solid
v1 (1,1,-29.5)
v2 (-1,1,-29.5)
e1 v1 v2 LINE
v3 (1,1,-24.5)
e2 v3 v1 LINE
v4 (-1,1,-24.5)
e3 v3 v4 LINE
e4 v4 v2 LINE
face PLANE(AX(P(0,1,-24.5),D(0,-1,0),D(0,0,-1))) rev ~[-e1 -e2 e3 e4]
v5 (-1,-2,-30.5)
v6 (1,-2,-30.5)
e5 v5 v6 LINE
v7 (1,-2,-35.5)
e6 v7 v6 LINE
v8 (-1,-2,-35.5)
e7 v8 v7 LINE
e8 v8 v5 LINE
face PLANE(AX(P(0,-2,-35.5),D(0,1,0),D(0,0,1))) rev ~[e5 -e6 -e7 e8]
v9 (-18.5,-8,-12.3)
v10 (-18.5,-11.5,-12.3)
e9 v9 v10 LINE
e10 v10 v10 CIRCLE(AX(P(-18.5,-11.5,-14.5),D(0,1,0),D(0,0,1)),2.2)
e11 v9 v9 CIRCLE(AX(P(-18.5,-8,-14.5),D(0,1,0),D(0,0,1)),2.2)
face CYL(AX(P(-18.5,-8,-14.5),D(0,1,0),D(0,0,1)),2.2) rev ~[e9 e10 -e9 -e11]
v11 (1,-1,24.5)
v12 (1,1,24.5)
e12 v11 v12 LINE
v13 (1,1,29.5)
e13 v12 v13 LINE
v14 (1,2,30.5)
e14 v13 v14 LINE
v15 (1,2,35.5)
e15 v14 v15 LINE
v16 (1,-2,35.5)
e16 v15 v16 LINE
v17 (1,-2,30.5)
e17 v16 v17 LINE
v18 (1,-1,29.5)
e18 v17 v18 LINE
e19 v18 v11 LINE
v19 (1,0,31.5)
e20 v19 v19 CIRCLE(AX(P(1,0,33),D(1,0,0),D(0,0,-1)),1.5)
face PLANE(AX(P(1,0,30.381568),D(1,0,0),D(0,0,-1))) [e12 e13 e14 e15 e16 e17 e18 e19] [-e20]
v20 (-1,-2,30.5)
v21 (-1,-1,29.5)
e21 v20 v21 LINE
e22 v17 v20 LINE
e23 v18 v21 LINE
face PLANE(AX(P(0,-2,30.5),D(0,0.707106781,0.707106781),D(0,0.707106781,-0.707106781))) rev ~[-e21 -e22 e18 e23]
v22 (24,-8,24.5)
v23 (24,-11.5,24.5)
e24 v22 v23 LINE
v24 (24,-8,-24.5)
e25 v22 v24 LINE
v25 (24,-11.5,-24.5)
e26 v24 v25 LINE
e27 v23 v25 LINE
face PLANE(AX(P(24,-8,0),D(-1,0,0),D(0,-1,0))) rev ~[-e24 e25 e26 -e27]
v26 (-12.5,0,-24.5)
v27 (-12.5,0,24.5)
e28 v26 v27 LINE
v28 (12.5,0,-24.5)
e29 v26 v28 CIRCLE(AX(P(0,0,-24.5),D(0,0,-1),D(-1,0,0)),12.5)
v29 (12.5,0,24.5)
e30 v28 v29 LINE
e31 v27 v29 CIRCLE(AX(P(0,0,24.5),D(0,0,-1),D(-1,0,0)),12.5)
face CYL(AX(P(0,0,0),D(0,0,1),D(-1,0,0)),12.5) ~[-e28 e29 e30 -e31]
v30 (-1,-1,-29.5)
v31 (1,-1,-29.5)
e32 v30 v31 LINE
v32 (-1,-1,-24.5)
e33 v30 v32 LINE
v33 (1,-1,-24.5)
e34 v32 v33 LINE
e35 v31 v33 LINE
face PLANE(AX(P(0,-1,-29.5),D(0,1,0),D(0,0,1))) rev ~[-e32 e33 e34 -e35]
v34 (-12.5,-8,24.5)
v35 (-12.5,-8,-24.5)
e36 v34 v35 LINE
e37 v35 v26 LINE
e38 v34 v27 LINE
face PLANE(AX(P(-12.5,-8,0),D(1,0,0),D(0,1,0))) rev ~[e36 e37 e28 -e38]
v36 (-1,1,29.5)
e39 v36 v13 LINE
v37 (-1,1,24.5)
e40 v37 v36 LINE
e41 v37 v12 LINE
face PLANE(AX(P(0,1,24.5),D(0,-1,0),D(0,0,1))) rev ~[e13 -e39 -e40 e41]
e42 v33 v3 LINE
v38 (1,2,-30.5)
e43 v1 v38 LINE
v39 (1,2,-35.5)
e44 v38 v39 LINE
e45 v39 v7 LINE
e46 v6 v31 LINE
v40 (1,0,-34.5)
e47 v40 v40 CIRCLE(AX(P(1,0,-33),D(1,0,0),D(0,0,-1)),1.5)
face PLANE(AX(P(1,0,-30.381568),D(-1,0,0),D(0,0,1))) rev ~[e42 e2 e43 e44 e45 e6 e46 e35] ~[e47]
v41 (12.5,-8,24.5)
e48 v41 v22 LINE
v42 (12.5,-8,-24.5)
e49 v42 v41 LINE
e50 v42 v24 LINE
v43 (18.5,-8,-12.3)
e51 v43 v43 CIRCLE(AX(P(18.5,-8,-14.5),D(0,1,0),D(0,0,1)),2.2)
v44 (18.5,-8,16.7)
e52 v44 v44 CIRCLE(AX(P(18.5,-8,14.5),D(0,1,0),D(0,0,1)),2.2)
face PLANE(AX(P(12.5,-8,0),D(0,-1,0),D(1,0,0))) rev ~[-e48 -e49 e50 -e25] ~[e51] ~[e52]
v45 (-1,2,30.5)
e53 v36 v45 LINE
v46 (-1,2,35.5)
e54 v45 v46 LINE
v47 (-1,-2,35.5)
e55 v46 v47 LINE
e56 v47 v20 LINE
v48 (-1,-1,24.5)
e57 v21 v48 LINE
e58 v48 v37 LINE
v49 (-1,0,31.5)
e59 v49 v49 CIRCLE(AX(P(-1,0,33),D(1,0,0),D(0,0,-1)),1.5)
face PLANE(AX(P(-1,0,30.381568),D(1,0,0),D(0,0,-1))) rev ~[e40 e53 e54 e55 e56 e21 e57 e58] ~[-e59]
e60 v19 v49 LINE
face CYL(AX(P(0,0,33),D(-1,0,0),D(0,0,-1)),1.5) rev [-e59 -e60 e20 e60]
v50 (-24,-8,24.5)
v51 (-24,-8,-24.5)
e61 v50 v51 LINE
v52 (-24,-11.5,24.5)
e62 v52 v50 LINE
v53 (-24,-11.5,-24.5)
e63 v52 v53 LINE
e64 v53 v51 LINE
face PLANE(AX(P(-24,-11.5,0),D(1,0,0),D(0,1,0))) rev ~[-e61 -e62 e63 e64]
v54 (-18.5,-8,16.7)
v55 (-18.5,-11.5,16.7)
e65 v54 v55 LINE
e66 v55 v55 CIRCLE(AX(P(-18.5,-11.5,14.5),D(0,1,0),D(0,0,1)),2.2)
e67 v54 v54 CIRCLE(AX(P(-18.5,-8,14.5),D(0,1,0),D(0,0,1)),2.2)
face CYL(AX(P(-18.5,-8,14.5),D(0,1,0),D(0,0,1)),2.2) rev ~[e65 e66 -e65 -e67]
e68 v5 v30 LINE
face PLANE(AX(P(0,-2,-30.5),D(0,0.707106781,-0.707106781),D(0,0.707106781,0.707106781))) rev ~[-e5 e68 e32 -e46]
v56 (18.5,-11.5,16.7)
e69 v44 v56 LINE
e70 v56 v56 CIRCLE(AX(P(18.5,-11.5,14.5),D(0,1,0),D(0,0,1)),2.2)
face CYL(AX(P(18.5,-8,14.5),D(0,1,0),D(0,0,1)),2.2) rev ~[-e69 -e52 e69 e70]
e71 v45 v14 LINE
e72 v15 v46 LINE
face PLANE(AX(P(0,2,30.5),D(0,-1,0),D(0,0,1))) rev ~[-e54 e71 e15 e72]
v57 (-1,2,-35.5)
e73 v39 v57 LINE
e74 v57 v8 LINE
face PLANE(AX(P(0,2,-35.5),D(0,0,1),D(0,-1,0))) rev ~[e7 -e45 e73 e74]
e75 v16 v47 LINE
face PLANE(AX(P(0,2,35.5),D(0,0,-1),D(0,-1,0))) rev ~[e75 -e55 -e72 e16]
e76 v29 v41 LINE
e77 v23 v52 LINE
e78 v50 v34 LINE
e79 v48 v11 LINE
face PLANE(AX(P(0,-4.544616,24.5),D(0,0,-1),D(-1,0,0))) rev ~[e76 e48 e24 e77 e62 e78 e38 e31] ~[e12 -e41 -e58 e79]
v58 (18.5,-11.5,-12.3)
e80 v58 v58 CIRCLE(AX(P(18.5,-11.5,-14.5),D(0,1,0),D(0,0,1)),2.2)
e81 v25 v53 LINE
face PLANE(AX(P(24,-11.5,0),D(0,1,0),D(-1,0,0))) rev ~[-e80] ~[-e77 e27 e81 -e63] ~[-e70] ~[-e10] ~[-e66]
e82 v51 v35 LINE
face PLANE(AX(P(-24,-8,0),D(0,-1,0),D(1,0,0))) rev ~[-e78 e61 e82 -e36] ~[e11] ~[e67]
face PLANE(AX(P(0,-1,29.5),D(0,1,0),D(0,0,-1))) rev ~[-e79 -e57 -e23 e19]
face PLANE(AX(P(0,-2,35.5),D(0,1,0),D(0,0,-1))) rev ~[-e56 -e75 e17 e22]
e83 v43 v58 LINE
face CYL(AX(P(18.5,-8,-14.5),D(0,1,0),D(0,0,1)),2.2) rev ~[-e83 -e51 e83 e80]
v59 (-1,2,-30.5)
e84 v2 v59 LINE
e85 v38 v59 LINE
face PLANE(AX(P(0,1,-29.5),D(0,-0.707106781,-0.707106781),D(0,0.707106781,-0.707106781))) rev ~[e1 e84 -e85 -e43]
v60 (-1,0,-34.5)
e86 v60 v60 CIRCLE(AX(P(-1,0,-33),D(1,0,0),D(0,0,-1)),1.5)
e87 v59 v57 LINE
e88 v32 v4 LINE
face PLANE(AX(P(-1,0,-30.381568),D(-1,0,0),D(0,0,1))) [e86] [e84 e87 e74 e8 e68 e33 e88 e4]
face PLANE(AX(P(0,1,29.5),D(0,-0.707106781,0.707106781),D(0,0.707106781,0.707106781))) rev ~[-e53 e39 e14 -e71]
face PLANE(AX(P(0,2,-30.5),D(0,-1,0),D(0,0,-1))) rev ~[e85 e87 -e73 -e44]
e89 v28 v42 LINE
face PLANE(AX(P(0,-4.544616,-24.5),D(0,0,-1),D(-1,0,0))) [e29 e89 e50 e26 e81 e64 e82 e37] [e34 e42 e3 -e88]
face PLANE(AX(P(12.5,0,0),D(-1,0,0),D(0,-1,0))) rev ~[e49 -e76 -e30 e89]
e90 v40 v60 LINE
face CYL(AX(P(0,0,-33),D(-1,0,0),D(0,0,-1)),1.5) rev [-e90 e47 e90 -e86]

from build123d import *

# Parameters (mm, degrees)
BOSS_EXTRUDE1_DEPTH = 24.5
SKETCH2_R           = 2.2
CUT_EXTRUDE1_DEPTH  = 40.956226048
SKETCH3_R           = 1.5
BOSS_EXTRUDE2_DEPTH = 1


with BuildPart() as part:
    # Sketch1 → Boss-Extrude1 (new, symmetric)
    with BuildSketch(Plane.XY):
        with BuildLine():
            Line((12.5, -8), (24, -8))
            Line((24, -8), (24, -11.5))
            Line((24, -11.5), (-24, -11.5))
            Line((-24, -11.5), (-24, -8))
            Line((-24, -8), (-12.5, -8))
            Line((-12.5, -8), (-12.5, 0))
            ThreePointArc((-12.5, 0), (0, 12.5), (12.5, 0))
            Line((12.5, 0), (12.5, -8))
        make_face()
    extrude(amount=BOSS_EXTRUDE1_DEPTH, both=True)

    # Sketch2 → Cut-Extrude1 (cut, through all)
    with BuildSketch(Plane(origin=(0, -8, 0), x_dir=(1, 0, 0), z_dir=(0, 1, 0))):
        with Locations(Location((-18.5, 14.5, 0), (0, 0, 270))):
            Circle(SKETCH2_R)
        with Locations(Location((-18.5, -14.5, 0), (0, 0, 270))):
            Circle(SKETCH2_R)
        with Locations(Location((18.5, -14.5, 0), (0, 0, 270))):
            Circle(SKETCH2_R)
        with Locations(Location((18.5, 14.5, 0), (0, 0, 270))):
            Circle(SKETCH2_R)
    extrude(amount=-CUT_EXTRUDE1_DEPTH, mode=Mode.SUBTRACT)

    # Sketch3 → Boss-Extrude2 (add, symmetric)
    # profile 1 of 2: a face of its own
    with BuildSketch(Plane(origin=(0, 0, 0), x_dir=(0, 0, -1), z_dir=(1, 0, 0))):
        Polygon((-29.5, -1), (-24.5, -1), (-24.5, 1), (-29.5, 1), (-30.5, 2), (-35.5, 2), (-35.5, -2), (-30.5, -2), align=None)
        with Locations((-33, 0)):
            Circle(SKETCH3_R, mode=Mode.SUBTRACT)
    # profile 2 of 2: a face of its own
    with BuildSketch(Plane(origin=(0, 0, 0), x_dir=(0, 0, -1), z_dir=(1, 0, 0))):
        Polygon((24.5, -1), (24.5, 1), (29.5, 1), (30.5, 2), (35.5, 2), (35.5, -2), (30.5, -2), (29.5, -1), align=None)
        with Locations((33, 0)):
            Circle(SKETCH3_R, mode=Mode.SUBTRACT)
    extrude(amount=BOSS_EXTRUDE2_DEPTH, both=True)


solid = part.part
